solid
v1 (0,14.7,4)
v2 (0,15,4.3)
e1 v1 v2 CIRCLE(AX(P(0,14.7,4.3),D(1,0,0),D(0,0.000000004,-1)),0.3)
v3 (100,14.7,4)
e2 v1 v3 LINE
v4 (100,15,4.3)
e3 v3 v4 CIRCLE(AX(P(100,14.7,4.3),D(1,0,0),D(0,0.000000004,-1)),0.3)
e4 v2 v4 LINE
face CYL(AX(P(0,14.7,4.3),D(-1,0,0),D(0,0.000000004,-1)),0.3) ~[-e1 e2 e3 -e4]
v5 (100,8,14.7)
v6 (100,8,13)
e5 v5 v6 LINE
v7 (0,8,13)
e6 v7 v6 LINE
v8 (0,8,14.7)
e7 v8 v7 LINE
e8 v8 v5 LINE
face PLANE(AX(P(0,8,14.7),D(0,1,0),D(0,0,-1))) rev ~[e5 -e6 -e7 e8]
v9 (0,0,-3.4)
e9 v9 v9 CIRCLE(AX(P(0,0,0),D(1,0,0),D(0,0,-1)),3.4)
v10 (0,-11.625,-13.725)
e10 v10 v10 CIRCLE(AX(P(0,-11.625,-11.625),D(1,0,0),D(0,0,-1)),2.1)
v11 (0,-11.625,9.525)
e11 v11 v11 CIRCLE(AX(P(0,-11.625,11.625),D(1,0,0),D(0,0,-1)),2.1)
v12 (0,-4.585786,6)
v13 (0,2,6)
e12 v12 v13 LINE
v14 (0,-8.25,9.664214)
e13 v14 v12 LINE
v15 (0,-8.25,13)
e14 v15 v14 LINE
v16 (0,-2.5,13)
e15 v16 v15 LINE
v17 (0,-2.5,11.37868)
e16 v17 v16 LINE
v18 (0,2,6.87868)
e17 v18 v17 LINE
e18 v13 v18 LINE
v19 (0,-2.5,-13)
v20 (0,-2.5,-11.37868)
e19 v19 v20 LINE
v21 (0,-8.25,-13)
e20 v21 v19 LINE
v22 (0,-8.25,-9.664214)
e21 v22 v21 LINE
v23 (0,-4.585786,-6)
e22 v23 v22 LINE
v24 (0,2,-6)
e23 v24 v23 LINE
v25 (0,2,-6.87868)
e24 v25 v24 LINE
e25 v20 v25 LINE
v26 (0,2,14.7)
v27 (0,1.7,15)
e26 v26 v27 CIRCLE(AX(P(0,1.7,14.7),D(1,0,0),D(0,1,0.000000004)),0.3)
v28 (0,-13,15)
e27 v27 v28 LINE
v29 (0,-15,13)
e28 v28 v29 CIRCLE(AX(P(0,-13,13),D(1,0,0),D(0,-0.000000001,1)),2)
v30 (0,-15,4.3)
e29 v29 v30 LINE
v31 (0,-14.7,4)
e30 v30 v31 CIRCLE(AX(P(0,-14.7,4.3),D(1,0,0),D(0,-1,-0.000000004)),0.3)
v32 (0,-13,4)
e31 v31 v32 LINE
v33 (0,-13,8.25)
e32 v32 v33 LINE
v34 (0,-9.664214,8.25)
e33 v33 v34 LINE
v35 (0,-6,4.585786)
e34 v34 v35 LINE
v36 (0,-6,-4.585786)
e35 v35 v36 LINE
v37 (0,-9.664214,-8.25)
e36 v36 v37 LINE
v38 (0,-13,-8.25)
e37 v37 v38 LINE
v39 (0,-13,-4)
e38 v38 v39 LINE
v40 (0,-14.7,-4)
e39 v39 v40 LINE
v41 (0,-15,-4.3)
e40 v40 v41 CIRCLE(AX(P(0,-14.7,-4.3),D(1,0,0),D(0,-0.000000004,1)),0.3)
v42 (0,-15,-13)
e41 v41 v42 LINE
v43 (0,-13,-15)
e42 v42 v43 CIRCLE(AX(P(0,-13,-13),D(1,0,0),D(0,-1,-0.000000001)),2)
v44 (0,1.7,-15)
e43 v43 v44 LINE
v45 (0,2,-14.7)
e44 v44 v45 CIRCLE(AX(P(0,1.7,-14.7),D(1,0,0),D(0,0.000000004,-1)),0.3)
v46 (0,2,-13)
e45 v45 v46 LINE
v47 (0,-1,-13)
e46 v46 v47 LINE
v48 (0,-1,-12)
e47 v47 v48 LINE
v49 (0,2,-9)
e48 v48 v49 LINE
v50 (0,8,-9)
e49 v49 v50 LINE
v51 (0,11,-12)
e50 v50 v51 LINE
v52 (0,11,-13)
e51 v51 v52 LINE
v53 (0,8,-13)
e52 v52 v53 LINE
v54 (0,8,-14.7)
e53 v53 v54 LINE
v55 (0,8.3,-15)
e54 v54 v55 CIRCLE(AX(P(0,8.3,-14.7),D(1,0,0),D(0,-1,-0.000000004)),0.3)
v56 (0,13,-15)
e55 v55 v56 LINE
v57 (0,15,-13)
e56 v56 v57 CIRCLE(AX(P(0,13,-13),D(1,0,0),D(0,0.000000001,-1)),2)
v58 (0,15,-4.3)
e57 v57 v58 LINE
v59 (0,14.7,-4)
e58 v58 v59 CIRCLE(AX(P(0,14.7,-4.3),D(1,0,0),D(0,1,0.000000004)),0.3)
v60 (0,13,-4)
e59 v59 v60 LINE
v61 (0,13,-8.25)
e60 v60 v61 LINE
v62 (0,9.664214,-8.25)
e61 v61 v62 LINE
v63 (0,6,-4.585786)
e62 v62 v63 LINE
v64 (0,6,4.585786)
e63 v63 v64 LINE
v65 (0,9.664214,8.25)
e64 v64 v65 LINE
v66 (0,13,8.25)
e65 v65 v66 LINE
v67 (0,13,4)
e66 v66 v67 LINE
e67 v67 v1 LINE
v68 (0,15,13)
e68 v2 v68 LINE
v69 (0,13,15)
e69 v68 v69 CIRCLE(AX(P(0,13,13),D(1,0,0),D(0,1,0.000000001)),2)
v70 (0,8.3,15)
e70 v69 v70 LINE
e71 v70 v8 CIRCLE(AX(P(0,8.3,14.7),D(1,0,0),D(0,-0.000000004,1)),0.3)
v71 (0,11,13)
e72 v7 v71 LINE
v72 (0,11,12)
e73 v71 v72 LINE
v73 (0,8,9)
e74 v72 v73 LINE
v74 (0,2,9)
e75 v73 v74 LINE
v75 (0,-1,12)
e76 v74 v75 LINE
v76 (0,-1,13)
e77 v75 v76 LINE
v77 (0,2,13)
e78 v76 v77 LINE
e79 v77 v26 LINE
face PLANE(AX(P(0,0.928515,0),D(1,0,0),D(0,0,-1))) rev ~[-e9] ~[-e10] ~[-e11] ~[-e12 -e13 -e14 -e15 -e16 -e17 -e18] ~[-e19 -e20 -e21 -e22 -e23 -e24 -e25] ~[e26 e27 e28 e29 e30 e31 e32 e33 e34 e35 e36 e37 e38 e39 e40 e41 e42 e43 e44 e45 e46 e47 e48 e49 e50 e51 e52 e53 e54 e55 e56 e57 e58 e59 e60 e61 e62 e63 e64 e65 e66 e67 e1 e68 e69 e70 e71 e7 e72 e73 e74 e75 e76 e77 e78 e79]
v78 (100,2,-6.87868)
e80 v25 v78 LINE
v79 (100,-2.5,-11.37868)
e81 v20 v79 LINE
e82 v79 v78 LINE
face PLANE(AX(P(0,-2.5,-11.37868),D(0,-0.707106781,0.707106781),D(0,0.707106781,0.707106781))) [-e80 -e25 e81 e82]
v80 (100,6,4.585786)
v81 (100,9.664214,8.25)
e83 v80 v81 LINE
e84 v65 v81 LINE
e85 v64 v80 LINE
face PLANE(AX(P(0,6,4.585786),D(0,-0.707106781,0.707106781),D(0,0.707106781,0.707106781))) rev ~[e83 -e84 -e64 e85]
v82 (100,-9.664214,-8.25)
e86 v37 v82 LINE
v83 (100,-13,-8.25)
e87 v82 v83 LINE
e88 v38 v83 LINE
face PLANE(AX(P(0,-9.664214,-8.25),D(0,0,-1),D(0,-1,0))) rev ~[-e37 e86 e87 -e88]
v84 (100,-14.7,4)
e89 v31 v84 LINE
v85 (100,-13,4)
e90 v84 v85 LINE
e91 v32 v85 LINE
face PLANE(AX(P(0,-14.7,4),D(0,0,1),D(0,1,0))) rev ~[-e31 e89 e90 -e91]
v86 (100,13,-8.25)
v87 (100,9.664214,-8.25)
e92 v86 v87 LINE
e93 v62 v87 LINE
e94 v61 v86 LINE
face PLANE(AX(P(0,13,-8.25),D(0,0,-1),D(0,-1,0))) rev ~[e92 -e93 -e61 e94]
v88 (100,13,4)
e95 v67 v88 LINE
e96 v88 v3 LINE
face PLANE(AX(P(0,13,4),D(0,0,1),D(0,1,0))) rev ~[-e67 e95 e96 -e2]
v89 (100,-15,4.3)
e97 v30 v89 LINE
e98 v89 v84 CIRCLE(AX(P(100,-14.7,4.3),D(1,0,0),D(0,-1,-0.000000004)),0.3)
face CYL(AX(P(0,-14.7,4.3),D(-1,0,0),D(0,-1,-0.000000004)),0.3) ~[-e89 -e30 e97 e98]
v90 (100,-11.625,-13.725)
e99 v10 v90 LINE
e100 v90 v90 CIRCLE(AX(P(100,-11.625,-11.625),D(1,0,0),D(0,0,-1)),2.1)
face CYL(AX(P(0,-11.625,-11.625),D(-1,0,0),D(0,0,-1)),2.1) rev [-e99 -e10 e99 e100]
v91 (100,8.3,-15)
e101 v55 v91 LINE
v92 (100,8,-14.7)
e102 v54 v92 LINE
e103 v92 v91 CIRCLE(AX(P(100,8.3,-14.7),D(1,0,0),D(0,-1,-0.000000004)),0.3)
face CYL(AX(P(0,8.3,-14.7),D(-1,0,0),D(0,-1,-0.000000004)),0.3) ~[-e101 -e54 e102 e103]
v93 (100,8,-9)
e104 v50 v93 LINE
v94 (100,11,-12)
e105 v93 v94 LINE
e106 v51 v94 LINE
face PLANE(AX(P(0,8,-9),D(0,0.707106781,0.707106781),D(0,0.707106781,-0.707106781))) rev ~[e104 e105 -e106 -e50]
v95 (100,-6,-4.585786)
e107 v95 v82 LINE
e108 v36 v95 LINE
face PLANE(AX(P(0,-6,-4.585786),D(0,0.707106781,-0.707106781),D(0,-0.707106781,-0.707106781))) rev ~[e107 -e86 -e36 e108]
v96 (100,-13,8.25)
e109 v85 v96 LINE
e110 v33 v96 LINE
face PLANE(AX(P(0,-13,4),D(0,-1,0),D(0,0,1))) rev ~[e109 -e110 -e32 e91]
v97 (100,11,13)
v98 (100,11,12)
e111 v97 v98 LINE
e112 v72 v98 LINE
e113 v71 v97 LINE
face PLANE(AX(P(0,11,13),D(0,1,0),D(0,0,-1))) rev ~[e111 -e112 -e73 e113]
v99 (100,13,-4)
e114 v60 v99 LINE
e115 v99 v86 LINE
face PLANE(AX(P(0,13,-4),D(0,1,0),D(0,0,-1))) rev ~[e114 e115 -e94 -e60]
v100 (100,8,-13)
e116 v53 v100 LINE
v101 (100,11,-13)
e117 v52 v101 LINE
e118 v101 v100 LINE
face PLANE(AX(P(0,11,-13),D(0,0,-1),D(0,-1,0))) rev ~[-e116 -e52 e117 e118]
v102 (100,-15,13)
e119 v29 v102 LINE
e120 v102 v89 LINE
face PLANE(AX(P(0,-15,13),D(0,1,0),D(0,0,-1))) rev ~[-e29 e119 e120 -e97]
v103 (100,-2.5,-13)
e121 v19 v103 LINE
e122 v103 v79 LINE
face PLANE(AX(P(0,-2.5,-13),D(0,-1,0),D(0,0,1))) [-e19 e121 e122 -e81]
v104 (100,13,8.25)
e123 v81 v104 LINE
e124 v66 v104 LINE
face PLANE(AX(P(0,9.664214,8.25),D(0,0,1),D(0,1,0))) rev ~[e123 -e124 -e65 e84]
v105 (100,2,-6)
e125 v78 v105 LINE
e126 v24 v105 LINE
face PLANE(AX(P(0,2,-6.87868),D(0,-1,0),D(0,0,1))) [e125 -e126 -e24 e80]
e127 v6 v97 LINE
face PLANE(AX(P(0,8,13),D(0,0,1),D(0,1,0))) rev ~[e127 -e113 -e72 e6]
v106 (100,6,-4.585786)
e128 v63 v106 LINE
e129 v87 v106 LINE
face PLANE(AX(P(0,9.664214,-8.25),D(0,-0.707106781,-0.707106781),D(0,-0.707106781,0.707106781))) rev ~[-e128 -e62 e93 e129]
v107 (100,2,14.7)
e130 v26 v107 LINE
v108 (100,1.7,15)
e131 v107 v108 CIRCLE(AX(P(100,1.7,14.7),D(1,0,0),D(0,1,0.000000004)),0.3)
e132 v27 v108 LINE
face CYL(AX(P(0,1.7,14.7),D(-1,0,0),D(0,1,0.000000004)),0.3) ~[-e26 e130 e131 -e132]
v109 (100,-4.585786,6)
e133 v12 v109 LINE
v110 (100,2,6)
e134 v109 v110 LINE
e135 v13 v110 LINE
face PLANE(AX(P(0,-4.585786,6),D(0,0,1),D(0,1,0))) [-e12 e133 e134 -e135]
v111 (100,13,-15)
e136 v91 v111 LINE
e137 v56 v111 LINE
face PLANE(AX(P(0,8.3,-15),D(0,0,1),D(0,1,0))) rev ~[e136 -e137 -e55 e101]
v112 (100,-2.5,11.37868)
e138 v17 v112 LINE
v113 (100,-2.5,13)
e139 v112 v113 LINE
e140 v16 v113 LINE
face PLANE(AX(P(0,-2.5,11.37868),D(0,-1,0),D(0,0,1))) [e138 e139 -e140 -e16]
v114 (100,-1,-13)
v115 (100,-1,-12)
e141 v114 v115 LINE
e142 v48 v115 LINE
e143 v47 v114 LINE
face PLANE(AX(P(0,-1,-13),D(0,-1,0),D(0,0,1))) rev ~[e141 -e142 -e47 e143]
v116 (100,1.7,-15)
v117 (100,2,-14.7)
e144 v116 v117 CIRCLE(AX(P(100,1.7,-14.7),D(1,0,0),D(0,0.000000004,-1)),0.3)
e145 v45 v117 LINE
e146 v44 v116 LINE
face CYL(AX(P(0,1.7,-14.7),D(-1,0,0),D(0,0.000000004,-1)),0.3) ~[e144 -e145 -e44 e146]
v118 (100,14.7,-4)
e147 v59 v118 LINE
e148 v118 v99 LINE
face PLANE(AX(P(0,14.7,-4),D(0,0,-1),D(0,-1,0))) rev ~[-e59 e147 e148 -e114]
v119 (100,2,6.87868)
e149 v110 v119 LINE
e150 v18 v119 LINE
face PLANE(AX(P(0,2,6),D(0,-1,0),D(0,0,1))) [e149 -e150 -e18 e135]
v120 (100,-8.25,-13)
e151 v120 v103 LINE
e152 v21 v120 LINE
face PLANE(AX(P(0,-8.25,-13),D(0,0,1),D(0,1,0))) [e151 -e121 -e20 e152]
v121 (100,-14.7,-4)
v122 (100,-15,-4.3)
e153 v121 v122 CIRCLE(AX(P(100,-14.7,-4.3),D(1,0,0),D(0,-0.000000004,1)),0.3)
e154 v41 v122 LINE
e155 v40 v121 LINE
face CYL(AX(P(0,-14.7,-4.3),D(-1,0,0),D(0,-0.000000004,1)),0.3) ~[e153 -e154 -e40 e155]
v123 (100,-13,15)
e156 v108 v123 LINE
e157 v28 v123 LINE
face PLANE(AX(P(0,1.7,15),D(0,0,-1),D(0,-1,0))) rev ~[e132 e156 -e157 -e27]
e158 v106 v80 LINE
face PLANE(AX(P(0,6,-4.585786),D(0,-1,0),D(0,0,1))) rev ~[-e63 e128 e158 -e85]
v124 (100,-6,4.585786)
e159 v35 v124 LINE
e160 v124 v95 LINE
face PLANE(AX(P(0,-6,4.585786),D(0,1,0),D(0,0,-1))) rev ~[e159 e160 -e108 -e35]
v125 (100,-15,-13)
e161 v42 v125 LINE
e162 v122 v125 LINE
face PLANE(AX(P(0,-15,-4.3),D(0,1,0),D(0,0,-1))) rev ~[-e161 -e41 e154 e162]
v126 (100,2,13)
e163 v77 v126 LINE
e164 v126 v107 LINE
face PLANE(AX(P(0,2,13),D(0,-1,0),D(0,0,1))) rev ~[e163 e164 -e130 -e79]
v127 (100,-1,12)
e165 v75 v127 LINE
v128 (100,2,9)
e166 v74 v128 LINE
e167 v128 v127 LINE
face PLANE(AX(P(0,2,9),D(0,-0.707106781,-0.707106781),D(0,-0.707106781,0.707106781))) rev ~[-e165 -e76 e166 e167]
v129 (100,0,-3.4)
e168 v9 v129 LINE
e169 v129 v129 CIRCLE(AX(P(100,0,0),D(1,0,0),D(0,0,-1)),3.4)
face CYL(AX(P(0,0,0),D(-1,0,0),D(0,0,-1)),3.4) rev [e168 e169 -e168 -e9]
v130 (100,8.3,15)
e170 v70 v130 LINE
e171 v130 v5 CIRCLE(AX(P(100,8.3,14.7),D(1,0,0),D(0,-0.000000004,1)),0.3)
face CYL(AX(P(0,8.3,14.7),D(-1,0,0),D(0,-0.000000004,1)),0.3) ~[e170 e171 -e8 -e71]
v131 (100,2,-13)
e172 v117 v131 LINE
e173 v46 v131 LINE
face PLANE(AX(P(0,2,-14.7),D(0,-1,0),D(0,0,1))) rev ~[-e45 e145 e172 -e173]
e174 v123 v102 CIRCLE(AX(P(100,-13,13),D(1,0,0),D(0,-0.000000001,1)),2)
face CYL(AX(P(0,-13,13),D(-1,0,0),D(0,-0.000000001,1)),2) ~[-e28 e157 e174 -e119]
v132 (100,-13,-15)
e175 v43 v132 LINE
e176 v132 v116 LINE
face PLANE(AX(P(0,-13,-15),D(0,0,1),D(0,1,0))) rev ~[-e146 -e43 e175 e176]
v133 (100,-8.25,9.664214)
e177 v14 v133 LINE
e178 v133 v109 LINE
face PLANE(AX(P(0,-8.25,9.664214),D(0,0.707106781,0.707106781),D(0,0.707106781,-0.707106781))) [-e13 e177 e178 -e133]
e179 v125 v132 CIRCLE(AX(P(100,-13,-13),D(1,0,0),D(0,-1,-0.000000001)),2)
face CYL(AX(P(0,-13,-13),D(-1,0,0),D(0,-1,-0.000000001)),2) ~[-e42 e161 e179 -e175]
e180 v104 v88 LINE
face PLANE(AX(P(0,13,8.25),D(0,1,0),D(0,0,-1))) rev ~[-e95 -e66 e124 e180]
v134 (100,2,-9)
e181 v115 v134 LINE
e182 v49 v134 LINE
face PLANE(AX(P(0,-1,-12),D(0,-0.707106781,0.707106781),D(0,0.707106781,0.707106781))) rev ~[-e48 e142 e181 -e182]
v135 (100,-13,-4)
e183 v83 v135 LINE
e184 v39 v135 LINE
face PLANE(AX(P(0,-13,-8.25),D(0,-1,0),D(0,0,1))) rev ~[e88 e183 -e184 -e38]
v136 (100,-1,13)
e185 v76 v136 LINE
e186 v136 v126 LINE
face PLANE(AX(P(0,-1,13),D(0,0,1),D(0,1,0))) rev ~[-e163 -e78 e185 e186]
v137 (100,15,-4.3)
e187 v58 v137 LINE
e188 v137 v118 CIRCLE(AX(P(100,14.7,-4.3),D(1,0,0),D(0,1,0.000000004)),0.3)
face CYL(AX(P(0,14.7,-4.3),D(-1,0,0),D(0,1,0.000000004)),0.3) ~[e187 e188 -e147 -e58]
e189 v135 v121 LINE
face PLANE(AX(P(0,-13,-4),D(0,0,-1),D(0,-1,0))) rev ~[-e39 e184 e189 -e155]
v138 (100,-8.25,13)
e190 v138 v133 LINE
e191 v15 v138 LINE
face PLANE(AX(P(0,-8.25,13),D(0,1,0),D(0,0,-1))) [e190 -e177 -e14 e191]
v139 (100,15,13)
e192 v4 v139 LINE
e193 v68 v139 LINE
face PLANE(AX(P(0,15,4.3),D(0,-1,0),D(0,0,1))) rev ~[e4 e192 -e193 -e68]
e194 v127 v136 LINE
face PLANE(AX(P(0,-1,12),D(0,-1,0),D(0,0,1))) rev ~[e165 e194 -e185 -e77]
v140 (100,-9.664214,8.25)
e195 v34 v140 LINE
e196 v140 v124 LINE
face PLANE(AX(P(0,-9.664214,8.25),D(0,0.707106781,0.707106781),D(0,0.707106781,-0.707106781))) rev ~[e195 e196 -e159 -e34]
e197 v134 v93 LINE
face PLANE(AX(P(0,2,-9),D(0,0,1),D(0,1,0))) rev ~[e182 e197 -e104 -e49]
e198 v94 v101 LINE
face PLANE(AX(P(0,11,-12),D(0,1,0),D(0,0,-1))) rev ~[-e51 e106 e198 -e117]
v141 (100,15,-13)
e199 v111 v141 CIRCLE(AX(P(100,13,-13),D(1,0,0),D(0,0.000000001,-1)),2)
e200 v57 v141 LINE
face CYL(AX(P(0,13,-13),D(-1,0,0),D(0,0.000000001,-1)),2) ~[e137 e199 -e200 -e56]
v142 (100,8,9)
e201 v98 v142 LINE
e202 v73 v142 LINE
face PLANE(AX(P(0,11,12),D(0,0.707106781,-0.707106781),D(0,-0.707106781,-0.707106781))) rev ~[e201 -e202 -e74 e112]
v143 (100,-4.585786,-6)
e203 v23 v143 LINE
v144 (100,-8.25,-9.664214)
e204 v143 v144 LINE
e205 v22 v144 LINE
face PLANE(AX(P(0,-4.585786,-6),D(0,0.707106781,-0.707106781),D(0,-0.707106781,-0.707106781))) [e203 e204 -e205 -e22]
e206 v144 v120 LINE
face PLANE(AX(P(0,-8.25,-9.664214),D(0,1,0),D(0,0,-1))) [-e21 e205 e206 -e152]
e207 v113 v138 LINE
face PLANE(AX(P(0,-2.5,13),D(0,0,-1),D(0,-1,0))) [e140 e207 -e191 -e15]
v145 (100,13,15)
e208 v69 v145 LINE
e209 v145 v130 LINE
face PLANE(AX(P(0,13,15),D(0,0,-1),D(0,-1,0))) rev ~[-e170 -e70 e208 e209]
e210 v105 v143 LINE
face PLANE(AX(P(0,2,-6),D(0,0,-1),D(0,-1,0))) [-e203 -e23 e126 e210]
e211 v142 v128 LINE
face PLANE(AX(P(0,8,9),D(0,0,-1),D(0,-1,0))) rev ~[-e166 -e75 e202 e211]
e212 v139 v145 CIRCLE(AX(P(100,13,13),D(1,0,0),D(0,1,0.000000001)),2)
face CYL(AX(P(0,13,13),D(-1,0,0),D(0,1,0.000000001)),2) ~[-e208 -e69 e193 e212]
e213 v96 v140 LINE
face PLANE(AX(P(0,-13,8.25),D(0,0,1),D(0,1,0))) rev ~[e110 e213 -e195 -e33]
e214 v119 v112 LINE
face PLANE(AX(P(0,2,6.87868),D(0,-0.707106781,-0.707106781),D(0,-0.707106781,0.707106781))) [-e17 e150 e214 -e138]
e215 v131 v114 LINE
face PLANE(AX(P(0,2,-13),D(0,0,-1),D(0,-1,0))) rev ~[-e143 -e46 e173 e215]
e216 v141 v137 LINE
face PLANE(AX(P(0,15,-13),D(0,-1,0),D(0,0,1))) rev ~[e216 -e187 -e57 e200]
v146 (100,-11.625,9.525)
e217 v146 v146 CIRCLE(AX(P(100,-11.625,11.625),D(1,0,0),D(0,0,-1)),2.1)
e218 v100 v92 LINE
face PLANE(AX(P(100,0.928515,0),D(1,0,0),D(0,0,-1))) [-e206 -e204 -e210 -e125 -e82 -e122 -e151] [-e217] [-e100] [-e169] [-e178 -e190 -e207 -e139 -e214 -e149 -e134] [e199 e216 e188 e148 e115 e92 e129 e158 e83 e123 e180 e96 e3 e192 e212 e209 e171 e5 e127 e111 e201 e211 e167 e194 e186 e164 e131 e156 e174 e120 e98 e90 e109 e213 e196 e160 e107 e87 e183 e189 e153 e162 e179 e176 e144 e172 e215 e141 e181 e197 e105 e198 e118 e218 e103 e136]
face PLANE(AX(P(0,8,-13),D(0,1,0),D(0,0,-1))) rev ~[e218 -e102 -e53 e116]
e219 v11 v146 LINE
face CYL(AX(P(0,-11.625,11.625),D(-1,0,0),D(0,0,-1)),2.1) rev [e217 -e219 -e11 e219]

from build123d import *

# Parameters (mm, degrees)
SKETCH1_R           = 3.4
SKETCH1_R_2         = 2.1
BOSS_EXTRUDE1_DEPTH = 100


with BuildPart() as part:
    # Sketch1 → Boss-Extrude1 (new body)
    with BuildSketch(Plane(origin=(0, 0, 0), x_dir=(0, 0, -1), z_dir=(1, 0, 0))):
        with BuildLine():
            Line((-15, 1.7), (-15, -13))
            ThreePointArc((-15, -13), (-14.414213562, -14.414213562), (-13, -15))
            Line((-13, -15), (-4.3, -15))
            ThreePointArc((-4.3, -15), (-4.087867966, -14.912132034), (-4, -14.7))
            Line((-4, -14.7), (-4, -13))
            Line((-4, -13), (-8.25, -13))
            Line((-8.25, -13), (-8.25, -9.664213562))
            Line((-8.25, -9.664213562), (-4.585786438, -6))
            Line((-4.585786438, -6), (4.585786438, -6))
            Line((4.585786438, -6), (8.25, -9.664213562))
            Line((8.25, -9.664213562), (8.25, -13))
            Line((8.25, -13), (4, -13))
            Line((4, -13), (4, -14.7))
            ThreePointArc((4, -14.7), (4.087867966, -14.912132034), (4.3, -15))
            Line((4.3, -15), (13, -15))
            ThreePointArc((13, -15), (14.414213562, -14.414213562), (15, -13))
            Line((15, -13), (15, 1.7))
            ThreePointArc((15, 1.7), (14.912132034, 1.912132034), (14.7, 2))
            Line((14.7, 2), (13, 2))
            Line((13, 2), (13, -1))
            Line((13, -1), (12, -1))
            Line((12, -1), (9, 2))
            Line((9, 2), (9, 8))
            Line((9, 8), (12, 11))
            Line((12, 11), (13, 11))
            Line((13, 11), (13, 8))
            Line((13, 8), (14.7, 8))
            ThreePointArc((14.7, 8), (14.912132034, 8.087867966), (15, 8.3))
            Line((15, 8.3), (15, 13))
            ThreePointArc((15, 13), (14.414213562, 14.414213562), (13, 15))
            Line((13, 15), (4.3, 15))
            ThreePointArc((4.3, 15), (4.087867966, 14.912132034), (4, 14.7))
            Line((4, 14.7), (4, 13))
            Line((4, 13), (8.25, 13))
            Line((8.25, 13), (8.25, 9.664213562))
            Line((8.25, 9.664213562), (4.585786438, 6))
            Line((4.585786438, 6), (-4.585786438, 6))
            Line((-4.585786438, 6), (-8.25, 9.664213562))
            Line((-8.25, 9.664213562), (-8.25, 13))
            Line((-8.25, 13), (-4, 13))
            Line((-4, 13), (-4, 14.7))
            ThreePointArc((-4, 14.7), (-4.087867966, 14.912132034), (-4.3, 15))
            Line((-4.3, 15), (-13, 15))
            ThreePointArc((-13, 15), (-14.414213562, 14.414213562), (-15, 13))
            Line((-15, 13), (-15, 8.3))
            ThreePointArc((-15, 8.3), (-14.912132034, 8.087867966), (-14.7, 8))
            Line((-14.7, 8), (-13, 8))
            Line((-13, 8), (-13, 11))
            Line((-13, 11), (-12, 11))
            Line((-12, 11), (-9, 8))
            Line((-9, 8), (-9, 2))
            Line((-9, 2), (-12, -1))
            Line((-12, -1), (-13, -1))
            Line((-13, -1), (-13, 2))
            Line((-13, 2), (-14.7, 2))
            ThreePointArc((-14.7, 2), (-14.912132034, 1.912132034), (-15, 1.7))
        make_face()
        Circle(SKETCH1_R, mode=Mode.SUBTRACT)
        with Locations((-11.625, -11.625)):
            Circle(SKETCH1_R_2, mode=Mode.SUBTRACT)
        with Locations((11.625, -11.625)):
            Circle(SKETCH1_R_2, mode=Mode.SUBTRACT)
        Polygon((-13, -2.5), (-13, -8.25), (-9.664213562, -8.25), (-6, -4.585786438), (-6, 2), (-6.878679656, 2), (-11.378679656, -2.5), align=None, mode=Mode.SUBTRACT)
        Polygon((6, 2), (6, -4.585786438), (9.664213562, -8.25), (13, -8.25), (13, -2.5), (11.378679656, -2.5), (6.878679656, 2), align=None, mode=Mode.SUBTRACT)
    extrude(amount=BOSS_EXTRUDE1_DEPTH)


solid = part.part
